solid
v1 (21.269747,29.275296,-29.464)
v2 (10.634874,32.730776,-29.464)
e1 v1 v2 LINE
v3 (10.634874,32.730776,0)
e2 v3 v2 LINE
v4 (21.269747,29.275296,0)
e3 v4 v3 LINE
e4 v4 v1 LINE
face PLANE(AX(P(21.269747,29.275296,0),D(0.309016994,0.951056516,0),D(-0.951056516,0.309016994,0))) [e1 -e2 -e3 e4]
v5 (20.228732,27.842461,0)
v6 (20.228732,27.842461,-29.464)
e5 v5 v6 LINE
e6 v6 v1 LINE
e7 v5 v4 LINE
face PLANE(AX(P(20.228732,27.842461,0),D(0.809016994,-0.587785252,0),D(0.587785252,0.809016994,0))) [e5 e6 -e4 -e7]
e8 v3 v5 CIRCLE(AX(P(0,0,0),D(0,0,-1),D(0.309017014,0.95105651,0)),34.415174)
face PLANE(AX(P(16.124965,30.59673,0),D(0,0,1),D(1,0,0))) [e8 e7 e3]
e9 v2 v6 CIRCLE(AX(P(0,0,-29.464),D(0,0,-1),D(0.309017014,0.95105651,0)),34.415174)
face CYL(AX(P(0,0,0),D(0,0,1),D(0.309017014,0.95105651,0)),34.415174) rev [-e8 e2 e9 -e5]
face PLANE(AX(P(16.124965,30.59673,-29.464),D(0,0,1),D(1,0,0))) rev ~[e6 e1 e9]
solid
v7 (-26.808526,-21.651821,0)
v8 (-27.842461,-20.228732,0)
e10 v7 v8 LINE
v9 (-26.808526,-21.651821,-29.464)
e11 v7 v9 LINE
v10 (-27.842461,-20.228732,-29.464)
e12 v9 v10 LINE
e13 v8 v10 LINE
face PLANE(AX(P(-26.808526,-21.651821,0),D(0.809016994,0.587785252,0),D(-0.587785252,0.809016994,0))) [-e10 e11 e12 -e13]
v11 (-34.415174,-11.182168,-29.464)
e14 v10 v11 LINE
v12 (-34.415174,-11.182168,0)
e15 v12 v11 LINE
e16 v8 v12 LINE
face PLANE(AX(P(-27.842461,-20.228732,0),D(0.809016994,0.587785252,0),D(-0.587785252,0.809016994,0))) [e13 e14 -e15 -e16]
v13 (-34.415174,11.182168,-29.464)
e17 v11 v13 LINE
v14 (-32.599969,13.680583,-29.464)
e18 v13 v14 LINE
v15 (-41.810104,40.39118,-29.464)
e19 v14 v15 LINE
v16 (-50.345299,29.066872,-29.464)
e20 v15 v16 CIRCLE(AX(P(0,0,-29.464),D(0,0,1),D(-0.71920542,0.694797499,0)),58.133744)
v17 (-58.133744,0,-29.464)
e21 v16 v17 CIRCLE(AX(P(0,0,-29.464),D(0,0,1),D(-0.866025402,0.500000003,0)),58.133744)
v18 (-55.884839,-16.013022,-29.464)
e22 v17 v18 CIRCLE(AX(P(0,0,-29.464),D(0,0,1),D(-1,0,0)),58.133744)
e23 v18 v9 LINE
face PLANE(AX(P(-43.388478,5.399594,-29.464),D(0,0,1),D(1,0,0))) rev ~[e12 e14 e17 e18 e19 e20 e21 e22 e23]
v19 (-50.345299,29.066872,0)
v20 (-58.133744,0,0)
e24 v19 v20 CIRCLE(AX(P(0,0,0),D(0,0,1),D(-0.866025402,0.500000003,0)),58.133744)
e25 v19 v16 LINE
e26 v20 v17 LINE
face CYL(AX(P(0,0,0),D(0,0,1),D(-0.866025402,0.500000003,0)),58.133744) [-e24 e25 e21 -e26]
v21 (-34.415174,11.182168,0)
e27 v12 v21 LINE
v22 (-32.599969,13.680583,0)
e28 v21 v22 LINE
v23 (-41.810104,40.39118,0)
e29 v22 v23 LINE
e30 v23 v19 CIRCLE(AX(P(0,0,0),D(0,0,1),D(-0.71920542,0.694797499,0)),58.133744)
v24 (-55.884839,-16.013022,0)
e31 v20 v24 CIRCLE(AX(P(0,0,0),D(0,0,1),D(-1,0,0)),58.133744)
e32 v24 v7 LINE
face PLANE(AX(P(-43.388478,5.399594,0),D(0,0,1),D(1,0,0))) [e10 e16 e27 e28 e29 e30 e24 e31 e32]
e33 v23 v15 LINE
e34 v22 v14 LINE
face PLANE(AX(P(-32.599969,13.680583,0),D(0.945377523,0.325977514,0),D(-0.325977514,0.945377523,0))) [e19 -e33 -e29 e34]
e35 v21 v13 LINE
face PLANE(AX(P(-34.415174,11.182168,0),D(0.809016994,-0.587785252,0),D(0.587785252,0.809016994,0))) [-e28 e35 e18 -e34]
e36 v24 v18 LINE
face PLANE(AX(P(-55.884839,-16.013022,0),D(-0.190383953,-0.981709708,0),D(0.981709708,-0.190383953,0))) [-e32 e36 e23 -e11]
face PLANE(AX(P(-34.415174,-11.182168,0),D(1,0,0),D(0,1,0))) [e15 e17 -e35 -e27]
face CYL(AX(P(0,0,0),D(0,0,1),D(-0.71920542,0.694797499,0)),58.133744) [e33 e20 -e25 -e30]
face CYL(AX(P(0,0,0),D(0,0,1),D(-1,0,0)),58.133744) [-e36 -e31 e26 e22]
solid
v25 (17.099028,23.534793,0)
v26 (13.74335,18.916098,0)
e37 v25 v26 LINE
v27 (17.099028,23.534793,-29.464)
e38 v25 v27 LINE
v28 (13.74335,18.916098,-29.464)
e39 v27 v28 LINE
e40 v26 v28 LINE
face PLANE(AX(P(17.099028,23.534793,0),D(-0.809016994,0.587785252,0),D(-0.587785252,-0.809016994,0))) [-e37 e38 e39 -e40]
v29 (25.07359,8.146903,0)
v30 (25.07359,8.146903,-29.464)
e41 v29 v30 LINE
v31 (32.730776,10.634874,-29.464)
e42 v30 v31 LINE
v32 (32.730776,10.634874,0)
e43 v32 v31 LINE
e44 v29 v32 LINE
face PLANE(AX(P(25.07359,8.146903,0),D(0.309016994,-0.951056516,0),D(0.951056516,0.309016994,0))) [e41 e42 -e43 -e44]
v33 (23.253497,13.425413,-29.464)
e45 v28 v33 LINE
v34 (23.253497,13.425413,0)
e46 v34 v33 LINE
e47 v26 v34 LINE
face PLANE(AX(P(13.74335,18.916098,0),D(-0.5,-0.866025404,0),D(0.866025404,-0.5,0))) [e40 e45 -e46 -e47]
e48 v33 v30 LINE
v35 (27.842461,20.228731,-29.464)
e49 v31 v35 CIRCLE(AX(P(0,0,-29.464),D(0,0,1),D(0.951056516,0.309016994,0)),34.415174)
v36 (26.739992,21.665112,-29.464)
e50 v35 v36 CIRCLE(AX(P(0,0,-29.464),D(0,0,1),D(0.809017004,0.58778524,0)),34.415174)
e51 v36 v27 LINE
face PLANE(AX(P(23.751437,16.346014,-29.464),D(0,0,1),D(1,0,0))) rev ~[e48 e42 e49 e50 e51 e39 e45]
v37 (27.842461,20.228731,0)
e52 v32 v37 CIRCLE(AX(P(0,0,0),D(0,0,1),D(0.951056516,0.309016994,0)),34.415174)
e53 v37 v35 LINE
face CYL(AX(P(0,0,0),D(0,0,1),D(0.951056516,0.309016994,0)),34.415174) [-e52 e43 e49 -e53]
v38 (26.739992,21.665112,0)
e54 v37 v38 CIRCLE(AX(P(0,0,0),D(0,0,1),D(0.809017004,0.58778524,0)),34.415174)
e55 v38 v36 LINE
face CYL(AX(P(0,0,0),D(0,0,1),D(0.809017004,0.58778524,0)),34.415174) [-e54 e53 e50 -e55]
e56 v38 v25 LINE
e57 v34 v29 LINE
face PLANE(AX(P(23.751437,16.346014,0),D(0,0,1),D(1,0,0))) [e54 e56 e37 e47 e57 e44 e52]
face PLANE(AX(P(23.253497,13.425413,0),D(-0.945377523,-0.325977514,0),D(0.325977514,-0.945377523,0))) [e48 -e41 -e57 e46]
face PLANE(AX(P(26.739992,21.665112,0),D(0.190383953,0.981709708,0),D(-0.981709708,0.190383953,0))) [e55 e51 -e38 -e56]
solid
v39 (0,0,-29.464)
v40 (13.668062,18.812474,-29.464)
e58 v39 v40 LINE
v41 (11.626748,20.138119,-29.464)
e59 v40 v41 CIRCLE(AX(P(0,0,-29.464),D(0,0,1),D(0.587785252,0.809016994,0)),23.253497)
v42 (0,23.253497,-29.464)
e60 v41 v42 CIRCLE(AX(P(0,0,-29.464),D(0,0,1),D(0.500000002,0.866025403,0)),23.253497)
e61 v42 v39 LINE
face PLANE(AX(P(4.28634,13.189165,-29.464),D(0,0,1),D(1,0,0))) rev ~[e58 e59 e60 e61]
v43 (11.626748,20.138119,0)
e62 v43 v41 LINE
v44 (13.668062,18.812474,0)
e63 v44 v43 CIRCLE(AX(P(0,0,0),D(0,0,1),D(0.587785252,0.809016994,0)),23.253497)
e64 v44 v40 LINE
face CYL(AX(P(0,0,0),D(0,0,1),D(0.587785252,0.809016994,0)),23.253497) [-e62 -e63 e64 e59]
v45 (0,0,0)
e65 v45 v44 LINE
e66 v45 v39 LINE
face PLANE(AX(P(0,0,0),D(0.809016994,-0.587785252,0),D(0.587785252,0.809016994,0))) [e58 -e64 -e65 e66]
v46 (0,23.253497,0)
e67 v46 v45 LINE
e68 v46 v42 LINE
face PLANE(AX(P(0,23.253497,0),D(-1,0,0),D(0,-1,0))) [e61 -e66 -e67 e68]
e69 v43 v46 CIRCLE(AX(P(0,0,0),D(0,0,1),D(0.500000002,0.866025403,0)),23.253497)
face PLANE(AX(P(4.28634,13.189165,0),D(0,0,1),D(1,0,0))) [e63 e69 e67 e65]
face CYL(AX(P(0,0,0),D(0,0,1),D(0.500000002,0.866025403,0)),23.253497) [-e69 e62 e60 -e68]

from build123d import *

# Parameters (mm, degrees)
F1_DEPTH = 29.464


with BuildPart() as f1:
    # F0 (on Top) → F1 (new body)
    with BuildSketch(Plane.XY):
        with BuildLine():
            Line((-27.8424609945, -20.2287317001), (-34.4151742756, -11.1821679714))
            Line((-34.4151742756, -11.1821679714), (-34.4151742756, 0))
            Line((-34.4151742756, 0), (-34.4151742756, 11.1821679714))
            Line((-34.4151742756, 11.1821679714), (-32.5999693498, 13.6805832133))
            Line((-32.5999693498, 13.6805832133), (-41.8101035376, 40.3911797196))
            ThreePointArc((-41.8101035376, 40.3911797196), (-46.4242881349, 34.9902504726), (-50.3452987514, 29.066872047))
            ThreePointArc((-50.3452987514, 29.066872047), (-56.1528843928, 15.0461201425), (-58.1337437034, 0))
            ThreePointArc((-58.1337437034, 0), (-57.5687723209, -8.085085679), (-55.8848394948, -16.0130219386))
            Line((-55.8848394948, -16.0130219386), (-26.8085263436, -21.6518206605))
            Line((-26.8085263436, -21.6518206605), (-27.8424609945, -20.2287317001))
        make_face()
    extrude(amount=-F1_DEPTH)


with BuildPart() as f1b:
    # F0 (on Top) → F1, piece 2 (new body)
    with BuildSketch(Plane.XY):
        with BuildLine():
            Line((0, 23.2534967363), (0, 0))
            Line((0, 0), (13.6680624458, 18.8124740383))
            ThreePointArc((13.6680624458, 18.8124740383), (12.6647620453, 19.5020233001), (11.6267484139, 20.138118874))
            ThreePointArc((11.6267484139, 20.138118874), (6.0184478461, 22.4611530423), (0, 23.2534967363))
        make_face()
    extrude(amount=-F1_DEPTH)


with BuildPart() as f1c:
    # F0 (on Top) → F1, piece 3 (new body)
    with BuildSketch(Plane.XY):
        with BuildLine():
            Line((17.0990282966, 23.5347934051), (13.7433499549, 18.9160984046))
            Line((13.7433499549, 18.9160984046), (23.2534967363, 13.4254126003))
            Line((23.2534967363, 13.4254126003), (25.0735900906, 8.1469032757))
            Line((25.0735900906, 8.1469032757), (32.7307757543, 10.6348737155))
            ThreePointArc((32.7307757543, 10.6348737155), (30.6641449331, 15.6241619278), (27.8424611703, 20.2287314581))
            ThreePointArc((27.8424611703, 20.2287314581), (27.3006746835, 20.954173385), (26.7399917303, 21.6651116472))
            Line((26.7399917303, 21.6651116472), (17.0990282966, 23.5347934051))
        make_face()
    extrude(amount=-F1_DEPTH)


with BuildPart() as f1d:
    # F0 (on Top) → F1, piece 4 (new body)
    with BuildSketch(Plane.XY):
        with BuildLine():
            ThreePointArc((10.6348743882, 32.7307755357), (15.6241624831, 30.6641446501), (20.2287318943, 27.8424608534))
            Line((20.2287318943, 27.8424608534), (21.2697474311, 29.2752958171))
            Line((21.2697474311, 29.2752958171), (10.6348743882, 32.7307755357))
        make_face()
    extrude(amount=-F1_DEPTH)


solid = Compound([f1.part, f1b.part, f1c.part, f1d.part])
